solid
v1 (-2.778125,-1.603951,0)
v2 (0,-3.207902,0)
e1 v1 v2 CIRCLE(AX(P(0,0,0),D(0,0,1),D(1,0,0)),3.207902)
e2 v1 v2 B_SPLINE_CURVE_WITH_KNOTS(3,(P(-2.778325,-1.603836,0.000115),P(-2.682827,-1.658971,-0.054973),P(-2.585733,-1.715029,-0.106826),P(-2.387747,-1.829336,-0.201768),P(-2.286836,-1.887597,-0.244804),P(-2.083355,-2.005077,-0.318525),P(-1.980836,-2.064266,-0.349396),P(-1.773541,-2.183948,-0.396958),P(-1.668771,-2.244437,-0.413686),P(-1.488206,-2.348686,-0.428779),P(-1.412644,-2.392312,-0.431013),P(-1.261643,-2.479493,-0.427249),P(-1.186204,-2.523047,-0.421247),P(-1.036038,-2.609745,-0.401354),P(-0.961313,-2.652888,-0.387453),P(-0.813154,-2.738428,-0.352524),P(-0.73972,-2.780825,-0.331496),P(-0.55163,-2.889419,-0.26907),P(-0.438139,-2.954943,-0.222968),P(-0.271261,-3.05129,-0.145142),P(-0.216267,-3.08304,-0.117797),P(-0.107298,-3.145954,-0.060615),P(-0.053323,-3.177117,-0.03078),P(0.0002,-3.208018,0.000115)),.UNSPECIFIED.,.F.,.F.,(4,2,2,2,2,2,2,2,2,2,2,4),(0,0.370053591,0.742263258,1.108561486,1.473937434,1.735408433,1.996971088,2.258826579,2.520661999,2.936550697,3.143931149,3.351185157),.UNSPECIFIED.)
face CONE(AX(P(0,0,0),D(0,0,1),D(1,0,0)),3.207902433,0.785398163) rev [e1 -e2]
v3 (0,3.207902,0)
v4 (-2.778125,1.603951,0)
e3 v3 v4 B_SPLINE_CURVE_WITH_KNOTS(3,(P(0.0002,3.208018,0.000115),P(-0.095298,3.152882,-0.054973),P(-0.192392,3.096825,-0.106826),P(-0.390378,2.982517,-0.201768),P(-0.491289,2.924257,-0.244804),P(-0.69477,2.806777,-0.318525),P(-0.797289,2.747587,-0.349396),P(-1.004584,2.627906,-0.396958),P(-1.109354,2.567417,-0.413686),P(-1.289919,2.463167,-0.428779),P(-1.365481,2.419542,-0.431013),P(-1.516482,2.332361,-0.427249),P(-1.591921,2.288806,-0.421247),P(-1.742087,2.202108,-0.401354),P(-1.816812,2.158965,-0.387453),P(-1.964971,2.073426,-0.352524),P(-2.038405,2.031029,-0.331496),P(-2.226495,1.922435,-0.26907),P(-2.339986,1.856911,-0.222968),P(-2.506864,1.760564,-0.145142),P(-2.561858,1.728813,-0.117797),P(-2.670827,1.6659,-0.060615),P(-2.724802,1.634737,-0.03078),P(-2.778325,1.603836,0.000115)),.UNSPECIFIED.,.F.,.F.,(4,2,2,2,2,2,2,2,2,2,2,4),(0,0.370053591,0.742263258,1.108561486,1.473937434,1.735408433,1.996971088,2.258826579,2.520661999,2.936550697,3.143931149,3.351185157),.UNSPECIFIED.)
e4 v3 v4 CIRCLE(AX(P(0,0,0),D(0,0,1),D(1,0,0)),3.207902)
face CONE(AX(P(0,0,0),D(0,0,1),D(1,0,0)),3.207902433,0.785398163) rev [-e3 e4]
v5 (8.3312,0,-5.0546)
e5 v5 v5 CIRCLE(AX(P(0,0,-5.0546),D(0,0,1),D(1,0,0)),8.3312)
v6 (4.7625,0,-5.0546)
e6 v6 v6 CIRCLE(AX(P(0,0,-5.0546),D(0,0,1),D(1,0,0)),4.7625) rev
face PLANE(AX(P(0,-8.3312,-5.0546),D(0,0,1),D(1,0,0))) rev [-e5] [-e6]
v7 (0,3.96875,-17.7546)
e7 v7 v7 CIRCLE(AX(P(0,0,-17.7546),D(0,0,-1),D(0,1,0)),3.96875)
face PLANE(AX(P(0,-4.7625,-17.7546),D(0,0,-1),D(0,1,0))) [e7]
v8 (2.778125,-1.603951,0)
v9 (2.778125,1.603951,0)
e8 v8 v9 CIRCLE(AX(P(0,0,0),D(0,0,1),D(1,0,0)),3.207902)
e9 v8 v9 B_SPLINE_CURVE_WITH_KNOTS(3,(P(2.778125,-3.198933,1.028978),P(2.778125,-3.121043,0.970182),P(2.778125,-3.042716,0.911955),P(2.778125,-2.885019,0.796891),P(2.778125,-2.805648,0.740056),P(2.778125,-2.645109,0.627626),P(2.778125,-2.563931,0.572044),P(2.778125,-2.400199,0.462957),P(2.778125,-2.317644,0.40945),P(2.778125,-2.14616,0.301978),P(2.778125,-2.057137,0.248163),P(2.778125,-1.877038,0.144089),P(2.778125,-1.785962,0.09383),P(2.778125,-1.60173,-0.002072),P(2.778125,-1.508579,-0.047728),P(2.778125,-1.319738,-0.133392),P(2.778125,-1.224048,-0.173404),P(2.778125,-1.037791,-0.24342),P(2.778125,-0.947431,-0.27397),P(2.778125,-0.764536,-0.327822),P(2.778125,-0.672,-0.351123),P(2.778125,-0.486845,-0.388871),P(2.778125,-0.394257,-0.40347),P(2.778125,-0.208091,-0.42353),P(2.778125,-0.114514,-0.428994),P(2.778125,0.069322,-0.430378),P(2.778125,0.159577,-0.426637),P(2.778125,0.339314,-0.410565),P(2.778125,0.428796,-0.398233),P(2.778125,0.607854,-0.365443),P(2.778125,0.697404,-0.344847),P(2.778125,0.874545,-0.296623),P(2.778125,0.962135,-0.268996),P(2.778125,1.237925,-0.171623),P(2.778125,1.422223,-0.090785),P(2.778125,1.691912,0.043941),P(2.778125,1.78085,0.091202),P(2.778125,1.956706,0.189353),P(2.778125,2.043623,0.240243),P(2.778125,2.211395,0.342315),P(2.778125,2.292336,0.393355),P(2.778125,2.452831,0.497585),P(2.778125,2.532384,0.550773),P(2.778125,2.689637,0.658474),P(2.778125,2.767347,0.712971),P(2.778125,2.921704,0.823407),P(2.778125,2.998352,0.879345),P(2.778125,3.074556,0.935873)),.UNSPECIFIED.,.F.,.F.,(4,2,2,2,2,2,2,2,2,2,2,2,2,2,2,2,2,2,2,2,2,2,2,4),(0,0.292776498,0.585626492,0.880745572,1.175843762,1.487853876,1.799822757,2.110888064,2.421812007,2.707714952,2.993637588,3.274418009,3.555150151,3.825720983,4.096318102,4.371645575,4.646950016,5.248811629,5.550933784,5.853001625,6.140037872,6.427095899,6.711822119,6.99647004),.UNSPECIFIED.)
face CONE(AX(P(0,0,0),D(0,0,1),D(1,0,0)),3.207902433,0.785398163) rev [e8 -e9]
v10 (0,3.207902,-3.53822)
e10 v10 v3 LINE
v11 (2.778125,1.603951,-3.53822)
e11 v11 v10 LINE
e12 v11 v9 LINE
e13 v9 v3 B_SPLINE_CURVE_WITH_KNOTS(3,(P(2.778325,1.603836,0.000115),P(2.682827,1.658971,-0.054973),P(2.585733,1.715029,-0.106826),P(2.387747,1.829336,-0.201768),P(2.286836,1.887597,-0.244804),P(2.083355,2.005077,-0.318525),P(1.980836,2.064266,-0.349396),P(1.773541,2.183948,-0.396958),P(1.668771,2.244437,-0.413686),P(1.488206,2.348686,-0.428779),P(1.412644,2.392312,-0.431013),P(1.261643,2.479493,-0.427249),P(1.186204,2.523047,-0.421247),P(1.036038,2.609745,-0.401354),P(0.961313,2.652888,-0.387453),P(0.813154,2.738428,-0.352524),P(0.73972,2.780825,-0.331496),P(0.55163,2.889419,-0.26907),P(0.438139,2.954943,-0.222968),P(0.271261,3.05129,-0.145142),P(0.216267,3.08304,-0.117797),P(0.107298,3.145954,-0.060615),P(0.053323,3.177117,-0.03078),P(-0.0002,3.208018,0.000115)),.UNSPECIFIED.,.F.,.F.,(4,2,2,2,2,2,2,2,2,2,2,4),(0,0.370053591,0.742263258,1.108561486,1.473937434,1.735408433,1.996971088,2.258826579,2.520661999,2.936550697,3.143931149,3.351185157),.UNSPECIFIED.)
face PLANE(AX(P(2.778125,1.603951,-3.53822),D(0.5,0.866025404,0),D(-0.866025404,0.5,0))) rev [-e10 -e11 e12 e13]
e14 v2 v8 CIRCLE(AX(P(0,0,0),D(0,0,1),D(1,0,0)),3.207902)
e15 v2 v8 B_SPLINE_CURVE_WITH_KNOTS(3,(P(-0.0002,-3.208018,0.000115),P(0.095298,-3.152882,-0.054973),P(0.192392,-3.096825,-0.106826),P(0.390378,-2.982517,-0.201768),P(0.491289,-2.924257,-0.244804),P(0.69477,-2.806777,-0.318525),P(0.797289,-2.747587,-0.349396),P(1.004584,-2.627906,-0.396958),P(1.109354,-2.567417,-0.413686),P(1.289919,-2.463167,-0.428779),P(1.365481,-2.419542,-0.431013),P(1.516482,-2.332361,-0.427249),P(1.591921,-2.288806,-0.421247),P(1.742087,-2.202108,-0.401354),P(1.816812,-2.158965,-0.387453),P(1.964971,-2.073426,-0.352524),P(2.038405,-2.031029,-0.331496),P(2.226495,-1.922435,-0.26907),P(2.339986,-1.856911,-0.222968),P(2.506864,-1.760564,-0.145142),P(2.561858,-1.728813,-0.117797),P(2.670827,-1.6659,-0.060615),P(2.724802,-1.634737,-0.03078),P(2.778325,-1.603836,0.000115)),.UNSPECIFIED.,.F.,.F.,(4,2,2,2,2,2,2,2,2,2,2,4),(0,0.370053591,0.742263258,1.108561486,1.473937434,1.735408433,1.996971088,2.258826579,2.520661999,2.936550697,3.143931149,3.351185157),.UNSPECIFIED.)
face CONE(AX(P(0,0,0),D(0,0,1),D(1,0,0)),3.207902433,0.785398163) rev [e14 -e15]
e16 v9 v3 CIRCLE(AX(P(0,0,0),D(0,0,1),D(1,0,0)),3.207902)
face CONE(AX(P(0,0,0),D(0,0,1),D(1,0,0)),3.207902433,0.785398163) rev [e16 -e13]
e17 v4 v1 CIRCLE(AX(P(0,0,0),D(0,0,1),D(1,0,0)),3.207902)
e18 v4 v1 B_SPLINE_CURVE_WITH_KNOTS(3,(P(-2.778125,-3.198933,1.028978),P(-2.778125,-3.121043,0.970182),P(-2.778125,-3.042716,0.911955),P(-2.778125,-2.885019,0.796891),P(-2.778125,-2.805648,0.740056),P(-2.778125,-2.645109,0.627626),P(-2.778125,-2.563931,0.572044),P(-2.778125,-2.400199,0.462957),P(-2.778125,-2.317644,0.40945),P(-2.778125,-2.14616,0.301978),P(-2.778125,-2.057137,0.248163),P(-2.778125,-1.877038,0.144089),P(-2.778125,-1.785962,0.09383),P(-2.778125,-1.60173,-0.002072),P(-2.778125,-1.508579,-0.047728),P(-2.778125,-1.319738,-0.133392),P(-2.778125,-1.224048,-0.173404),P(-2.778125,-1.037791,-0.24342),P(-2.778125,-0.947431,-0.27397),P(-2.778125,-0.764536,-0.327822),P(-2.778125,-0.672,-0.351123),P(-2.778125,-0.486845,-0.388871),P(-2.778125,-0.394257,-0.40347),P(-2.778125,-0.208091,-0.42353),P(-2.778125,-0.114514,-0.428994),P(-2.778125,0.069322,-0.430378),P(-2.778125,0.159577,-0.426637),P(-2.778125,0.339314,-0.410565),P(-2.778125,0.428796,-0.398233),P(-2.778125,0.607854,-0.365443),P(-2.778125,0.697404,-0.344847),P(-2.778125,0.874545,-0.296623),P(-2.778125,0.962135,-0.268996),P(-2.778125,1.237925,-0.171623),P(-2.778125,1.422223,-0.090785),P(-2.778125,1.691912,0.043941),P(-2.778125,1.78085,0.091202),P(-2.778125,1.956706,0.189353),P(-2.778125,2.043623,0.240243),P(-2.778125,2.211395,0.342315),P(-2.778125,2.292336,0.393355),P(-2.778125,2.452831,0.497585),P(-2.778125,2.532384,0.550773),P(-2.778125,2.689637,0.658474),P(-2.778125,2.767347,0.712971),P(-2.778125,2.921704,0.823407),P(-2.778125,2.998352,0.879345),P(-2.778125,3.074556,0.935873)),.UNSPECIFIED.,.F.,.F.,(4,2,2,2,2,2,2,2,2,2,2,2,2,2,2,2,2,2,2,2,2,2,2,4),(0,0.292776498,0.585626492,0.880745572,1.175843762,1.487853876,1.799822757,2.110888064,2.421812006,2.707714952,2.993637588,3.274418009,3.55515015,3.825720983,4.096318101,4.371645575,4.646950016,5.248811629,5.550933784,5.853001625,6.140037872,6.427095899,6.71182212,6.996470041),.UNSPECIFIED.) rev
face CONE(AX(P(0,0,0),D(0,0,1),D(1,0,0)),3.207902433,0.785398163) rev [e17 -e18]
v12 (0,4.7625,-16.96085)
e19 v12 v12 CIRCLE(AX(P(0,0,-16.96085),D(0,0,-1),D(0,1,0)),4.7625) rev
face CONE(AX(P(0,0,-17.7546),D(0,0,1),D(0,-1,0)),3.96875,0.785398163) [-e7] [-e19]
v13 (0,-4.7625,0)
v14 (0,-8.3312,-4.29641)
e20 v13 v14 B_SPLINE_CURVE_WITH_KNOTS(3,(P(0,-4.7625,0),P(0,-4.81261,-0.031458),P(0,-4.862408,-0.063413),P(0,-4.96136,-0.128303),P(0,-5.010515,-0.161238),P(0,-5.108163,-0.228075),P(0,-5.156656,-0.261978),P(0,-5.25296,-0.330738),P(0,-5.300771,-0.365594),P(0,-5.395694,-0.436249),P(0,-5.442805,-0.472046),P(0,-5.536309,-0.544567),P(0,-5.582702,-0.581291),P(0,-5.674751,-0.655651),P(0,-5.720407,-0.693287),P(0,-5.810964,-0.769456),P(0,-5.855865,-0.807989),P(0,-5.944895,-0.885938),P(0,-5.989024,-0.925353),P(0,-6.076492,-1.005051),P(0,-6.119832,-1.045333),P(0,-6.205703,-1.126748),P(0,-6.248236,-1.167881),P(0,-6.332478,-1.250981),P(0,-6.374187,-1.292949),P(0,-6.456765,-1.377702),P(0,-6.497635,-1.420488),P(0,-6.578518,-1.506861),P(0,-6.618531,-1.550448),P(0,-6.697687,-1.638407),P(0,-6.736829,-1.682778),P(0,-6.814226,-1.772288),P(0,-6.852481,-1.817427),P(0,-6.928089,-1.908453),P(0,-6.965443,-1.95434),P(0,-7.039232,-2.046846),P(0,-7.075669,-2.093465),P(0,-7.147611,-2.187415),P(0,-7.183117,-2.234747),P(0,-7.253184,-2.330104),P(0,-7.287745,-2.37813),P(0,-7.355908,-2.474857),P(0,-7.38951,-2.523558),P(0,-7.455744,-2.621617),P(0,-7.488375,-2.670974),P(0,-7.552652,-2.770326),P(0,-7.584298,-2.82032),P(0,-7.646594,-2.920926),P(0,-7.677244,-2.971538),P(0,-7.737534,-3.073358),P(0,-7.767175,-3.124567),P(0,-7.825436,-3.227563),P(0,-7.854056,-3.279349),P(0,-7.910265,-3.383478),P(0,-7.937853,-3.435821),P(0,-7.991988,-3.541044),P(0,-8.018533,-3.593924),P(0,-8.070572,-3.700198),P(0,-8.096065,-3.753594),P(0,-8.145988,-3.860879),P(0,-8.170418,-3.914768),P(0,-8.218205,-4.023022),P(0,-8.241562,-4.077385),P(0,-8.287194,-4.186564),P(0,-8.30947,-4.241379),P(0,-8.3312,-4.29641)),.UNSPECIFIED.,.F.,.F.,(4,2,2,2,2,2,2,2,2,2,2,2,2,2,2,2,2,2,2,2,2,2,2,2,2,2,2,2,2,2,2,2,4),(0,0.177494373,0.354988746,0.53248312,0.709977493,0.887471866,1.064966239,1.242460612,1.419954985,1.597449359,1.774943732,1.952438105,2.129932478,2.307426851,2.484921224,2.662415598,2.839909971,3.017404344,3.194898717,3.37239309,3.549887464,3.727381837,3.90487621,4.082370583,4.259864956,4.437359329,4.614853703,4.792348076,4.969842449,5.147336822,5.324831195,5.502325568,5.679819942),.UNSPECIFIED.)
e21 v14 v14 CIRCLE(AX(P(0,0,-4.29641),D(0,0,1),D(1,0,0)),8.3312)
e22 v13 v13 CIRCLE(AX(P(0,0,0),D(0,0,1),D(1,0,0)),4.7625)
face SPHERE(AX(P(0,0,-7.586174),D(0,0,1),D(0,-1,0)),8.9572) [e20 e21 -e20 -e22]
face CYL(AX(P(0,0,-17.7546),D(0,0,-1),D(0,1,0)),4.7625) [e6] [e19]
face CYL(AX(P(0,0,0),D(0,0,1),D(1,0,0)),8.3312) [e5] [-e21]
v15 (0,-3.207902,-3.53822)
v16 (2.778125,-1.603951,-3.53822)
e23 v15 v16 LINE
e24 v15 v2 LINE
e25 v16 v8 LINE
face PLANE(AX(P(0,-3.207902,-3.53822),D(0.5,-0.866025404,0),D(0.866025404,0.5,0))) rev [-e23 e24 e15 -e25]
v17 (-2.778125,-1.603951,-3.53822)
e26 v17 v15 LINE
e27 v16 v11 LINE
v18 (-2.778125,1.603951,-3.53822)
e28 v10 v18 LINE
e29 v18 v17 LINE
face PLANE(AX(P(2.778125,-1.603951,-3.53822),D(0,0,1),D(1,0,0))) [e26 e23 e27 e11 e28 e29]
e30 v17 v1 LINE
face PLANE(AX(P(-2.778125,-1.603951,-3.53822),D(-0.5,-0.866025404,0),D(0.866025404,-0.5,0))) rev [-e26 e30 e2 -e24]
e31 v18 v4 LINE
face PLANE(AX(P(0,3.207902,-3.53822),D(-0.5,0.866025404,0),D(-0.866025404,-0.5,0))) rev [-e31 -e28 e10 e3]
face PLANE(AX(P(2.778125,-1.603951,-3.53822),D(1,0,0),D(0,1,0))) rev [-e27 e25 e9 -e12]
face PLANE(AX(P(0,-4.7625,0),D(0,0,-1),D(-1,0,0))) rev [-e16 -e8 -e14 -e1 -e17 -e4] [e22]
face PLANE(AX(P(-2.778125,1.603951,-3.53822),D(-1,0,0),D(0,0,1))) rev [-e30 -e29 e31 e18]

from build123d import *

# Parameters (mm, degrees)
SKETCH1_W          = 12.7
SKETCH1_H          = 4.7625
CHAMFER1_SIZE      = 0.79375
CUT_EXTRUDE2_DEPTH = 3.53822


with BuildPart() as part:
    # Sketch1 → Revolve1 (revolve)
    with BuildSketch(Plane(origin=(0, 0, 0), x_dir=(0, 0, -1), z_dir=(1, 0, 0))):
        with Locations((11.4046, 2.38125)):
            Rectangle(SKETCH1_W, SKETCH1_H)
    revolve(axis=Axis((0, 0, -17.7546), (0, 0, 1)))

    # Chamfer1
    chamfer1_edges = [part.edges().sort_by_distance(p)[0] for p in [
        (0, -4.7625, -17.7546),
    ]]
    chamfer(chamfer1_edges, length=CHAMFER1_SIZE)

    # Sketch7 → Revolve2 (revolve)
    with BuildSketch(Plane(origin=(0, 0, 0), x_dir=(0, 0, -1), z_dir=(1, 0, 0))):
        with BuildLine():
            Line((4.29641, 8.3312), (5.0546, 8.3312))
            Line((5.0546, 8.3312), (5.0546, 0))
            Line((5.0546, 0), (0, 0))
            Line((0, 0), (0, 4.7625))
            ThreePointArc((0, 4.7625), (1.862939611, 6.890285164), (4.29641, 8.3312))
        make_face()
    revolve(axis=Axis((0, 0, 0), (0, 0, -1)))

    # Sketch5 → Cut-Extrude2 (cut)
    with BuildSketch(Plane.XY):
        Polygon((2.778125, -1.603951217), (2.778125, 1.603951217), (0, 3.207902433), (-2.778125, 1.603951217), (-2.778125, -1.603951217), (0, -3.207902433), align=None)
    extrude(amount=-CUT_EXTRUDE2_DEPTH, mode=Mode.SUBTRACT)

    # Cut-Extrude3 cone 1 section (through the dimple's axis) → Cut-Extrude3 (revolve, cut)
    with BuildSketch(Plane(origin=(0, 0, 0), x_dir=(0, -1, 0), z_dir=(1, 0, 0))):
        Polygon((0, 0), (3.207902433, 0), (0, 3.207902433), align=None)
    revolve(axis=Axis((0, 0, 0), (0, 0, -1)), mode=Mode.SUBTRACT)


solid = part.part
